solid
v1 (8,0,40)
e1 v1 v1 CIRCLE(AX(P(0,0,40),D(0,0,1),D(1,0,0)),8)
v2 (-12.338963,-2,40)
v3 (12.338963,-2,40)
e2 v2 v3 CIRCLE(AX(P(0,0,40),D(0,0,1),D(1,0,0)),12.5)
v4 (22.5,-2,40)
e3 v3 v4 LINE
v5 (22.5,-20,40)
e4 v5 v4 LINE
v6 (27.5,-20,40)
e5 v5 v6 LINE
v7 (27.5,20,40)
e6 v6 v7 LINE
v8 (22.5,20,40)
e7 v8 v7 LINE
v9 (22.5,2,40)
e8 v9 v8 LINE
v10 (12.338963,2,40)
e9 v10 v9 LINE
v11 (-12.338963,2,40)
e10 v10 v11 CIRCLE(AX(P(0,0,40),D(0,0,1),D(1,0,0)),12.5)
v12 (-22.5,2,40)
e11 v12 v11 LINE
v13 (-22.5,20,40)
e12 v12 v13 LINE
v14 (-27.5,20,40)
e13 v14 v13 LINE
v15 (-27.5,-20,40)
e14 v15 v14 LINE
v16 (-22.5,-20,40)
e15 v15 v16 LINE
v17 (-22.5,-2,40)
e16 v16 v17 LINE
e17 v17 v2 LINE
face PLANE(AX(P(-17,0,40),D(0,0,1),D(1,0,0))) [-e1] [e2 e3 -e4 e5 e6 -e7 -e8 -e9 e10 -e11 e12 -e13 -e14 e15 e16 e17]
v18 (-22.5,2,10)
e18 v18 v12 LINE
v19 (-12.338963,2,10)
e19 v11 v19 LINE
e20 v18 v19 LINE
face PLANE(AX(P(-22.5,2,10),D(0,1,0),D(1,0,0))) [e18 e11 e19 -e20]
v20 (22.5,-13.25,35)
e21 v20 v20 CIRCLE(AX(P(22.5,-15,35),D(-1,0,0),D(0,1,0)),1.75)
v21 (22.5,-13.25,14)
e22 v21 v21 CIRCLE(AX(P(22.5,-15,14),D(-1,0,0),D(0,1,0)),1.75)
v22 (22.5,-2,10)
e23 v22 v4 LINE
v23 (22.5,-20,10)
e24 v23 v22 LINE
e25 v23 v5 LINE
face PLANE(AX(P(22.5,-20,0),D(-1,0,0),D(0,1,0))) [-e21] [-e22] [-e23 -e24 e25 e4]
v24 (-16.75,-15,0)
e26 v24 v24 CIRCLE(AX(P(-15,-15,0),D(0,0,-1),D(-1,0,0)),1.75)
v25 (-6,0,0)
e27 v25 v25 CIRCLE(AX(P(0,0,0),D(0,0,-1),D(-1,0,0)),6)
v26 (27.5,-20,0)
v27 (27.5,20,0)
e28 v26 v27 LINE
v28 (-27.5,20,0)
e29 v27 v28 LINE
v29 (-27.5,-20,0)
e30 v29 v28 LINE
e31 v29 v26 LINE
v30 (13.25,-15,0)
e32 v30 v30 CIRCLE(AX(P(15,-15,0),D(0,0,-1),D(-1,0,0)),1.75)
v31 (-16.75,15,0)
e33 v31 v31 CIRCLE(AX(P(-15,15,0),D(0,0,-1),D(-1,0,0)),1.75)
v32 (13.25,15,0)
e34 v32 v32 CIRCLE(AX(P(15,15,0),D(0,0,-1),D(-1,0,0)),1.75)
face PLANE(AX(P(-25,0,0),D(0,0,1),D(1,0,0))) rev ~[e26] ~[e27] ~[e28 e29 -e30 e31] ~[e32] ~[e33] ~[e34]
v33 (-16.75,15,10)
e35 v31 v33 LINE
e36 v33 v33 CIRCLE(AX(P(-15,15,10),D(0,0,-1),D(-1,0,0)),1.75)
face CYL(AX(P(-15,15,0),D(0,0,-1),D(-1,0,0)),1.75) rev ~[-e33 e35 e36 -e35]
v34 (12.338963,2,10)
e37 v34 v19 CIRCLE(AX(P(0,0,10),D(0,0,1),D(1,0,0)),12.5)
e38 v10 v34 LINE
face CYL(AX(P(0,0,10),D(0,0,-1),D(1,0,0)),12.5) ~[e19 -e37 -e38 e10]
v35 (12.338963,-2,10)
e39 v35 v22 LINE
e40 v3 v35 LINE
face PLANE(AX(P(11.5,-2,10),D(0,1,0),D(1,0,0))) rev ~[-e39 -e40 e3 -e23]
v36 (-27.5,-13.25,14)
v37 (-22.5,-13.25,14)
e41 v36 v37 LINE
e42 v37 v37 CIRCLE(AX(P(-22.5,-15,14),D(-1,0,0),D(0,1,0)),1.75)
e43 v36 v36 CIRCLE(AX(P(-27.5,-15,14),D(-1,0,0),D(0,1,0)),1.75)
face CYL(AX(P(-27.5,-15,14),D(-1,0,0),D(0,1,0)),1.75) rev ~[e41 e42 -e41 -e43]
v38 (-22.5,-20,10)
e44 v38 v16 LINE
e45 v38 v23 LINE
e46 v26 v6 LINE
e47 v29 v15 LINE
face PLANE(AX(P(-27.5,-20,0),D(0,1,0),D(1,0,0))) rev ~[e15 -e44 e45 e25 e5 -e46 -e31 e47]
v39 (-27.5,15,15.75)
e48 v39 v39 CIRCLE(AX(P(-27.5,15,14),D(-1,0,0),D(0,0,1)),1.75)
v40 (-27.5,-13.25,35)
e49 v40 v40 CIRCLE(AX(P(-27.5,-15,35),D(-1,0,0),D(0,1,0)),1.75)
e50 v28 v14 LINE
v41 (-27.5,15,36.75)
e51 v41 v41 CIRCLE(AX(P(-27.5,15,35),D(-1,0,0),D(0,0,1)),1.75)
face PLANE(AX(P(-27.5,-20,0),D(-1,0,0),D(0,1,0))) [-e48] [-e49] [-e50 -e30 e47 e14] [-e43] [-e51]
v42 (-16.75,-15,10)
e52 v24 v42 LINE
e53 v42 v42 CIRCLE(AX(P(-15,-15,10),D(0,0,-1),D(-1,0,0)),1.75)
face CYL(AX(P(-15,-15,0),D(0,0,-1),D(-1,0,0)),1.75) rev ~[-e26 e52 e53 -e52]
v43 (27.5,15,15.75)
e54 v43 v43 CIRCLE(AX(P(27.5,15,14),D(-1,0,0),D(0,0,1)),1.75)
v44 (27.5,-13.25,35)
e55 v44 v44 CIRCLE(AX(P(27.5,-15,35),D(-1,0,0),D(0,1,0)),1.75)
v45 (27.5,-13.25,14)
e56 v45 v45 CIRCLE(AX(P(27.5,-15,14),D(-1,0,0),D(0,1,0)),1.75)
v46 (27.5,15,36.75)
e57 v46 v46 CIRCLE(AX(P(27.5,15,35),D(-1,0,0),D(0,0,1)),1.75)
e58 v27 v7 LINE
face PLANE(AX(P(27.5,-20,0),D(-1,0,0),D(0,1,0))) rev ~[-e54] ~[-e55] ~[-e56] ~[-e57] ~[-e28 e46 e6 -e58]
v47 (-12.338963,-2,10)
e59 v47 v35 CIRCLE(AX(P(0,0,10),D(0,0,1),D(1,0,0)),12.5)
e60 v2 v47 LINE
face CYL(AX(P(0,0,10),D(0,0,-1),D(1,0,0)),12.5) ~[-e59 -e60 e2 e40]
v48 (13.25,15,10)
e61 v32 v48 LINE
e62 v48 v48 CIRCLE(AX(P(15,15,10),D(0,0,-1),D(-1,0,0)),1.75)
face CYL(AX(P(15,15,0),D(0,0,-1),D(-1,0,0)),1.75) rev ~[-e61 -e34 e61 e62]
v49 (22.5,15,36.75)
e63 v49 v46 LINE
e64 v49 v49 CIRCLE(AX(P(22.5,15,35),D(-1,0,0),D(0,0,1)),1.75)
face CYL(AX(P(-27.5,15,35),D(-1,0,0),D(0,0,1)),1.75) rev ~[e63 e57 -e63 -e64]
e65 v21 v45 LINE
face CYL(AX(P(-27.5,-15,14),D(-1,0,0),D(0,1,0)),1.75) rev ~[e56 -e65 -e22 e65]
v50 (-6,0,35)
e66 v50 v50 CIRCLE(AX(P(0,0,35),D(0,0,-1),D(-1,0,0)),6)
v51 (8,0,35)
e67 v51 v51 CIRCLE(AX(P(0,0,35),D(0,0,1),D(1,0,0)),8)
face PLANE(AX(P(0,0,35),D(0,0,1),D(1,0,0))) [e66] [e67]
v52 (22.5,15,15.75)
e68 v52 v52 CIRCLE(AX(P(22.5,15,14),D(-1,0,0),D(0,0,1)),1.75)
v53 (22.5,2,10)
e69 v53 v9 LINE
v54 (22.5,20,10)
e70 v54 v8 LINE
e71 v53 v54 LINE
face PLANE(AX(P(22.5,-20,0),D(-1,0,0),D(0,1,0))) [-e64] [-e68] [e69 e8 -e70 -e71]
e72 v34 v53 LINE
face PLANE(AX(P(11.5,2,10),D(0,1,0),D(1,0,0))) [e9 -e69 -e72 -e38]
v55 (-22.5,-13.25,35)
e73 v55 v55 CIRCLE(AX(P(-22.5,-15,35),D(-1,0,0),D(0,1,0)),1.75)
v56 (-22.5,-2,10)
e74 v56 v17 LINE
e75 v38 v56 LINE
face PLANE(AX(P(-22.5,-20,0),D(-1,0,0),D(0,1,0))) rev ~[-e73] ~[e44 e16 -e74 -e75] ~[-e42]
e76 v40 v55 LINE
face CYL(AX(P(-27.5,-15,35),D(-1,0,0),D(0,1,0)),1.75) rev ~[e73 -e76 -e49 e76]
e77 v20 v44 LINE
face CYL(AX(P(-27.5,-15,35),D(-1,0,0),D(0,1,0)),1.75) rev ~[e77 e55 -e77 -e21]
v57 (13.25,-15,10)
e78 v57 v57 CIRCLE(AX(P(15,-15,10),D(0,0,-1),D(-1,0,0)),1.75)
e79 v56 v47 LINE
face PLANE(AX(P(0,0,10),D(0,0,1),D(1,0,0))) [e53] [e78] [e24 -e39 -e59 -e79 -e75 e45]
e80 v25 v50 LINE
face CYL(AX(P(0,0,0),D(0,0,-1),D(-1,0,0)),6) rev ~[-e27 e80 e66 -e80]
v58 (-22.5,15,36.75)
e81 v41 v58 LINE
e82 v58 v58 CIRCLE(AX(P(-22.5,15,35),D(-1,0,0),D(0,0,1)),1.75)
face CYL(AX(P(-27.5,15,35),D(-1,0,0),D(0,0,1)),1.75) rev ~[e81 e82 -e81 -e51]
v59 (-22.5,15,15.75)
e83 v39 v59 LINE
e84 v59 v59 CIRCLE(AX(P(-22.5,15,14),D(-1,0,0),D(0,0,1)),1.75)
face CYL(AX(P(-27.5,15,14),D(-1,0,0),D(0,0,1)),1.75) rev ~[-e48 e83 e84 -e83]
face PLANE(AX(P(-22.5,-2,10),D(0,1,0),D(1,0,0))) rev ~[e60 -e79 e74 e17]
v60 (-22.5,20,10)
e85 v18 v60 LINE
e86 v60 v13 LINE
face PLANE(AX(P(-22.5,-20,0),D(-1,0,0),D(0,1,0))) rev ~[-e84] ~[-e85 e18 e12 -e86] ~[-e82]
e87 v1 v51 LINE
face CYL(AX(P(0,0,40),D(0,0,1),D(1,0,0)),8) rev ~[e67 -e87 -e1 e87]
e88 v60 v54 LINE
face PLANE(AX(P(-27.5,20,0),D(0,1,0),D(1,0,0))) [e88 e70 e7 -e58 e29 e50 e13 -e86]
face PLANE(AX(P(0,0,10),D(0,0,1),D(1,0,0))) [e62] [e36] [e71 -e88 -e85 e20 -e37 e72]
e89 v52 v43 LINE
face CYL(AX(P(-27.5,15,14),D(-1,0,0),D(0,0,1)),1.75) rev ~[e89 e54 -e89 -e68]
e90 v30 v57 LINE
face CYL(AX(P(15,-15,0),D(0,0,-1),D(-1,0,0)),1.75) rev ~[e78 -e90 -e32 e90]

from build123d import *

# Parameters (mm, degrees)
SKETCH1_W           = 45
SKETCH1_H           = 40
BOSS_EXTRUDE1_DEPTH = 10
SKETCH2_W           = 5
SKETCH2_H           = 40
BOSS_EXTRUDE2_DEPTH = 40
SKETCH3_R           = 12.5
BOSS_EXTRUDE3_DEPTH = 30
SKETCH4_R           = 6
CUT_EXTRUDE1_DEPTH  = 53.5
SKETCH5_R           = 8
CUT_EXTRUDE2_DEPTH  = 5
SKETCH6_R           = 1.75
CUT_EXTRUDE3_DEPTH  = 53.5
SKETCH7_W           = 11
SKETCH7_H           = 4
BOSS_EXTRUDE4_DEPTH = 30
SKETCH8_R           = 1.75
CUT_EXTRUDE4_DEPTH  = 71.887234394


with BuildPart() as part:
    # Sketch1 → Boss-Extrude1 (new body)
    with BuildSketch(Plane.XY):
        Rectangle(SKETCH1_W, SKETCH1_H)
    extrude(amount=BOSS_EXTRUDE1_DEPTH)

    # Sketch2 → Boss-Extrude2 (add)
    with BuildSketch(Plane.XY):
        with Locations((-25, 0)):
            Rectangle(SKETCH2_W, SKETCH2_H)
        with Locations((25, 0)):
            Rectangle(SKETCH2_W, SKETCH2_H)
    extrude(amount=BOSS_EXTRUDE2_DEPTH)

    # Sketch3 → Boss-Extrude3 (add)
    with BuildSketch(Plane.XY.offset(10)):
        Circle(SKETCH3_R)
    extrude(amount=BOSS_EXTRUDE3_DEPTH)

    # Sketch4 → Cut-Extrude1 (cut, through all)
    with BuildSketch(Plane(origin=(0, 0, 0), x_dir=(-1, 0, 0), z_dir=(0, 0, -1))):
        Circle(SKETCH4_R)
    extrude(amount=-CUT_EXTRUDE1_DEPTH, mode=Mode.SUBTRACT)

    # Sketch5 → Cut-Extrude2 (cut)
    with BuildSketch(Plane.XY.offset(40)):
        Circle(SKETCH5_R)
    extrude(amount=-CUT_EXTRUDE2_DEPTH, mode=Mode.SUBTRACT)

    # Sketch6 → Cut-Extrude3 (cut, through all)
    with BuildSketch(Plane(origin=(0, 0, 0), x_dir=(-1, 0, 0), z_dir=(0, 0, -1))):
        with Locations((-15, 15)):
            Circle(SKETCH6_R)
        with Locations((15, 15)):
            Circle(SKETCH6_R)
        with Locations((15, -15)):
            Circle(SKETCH6_R)
        with Locations((-15, -15)):
            Circle(SKETCH6_R)
    extrude(amount=-CUT_EXTRUDE3_DEPTH, mode=Mode.SUBTRACT)

    # Sketch7 → Boss-Extrude4 (add)
    with BuildSketch(Plane.XY.offset(10)):
        with Locations((-17, 0)):
            Rectangle(SKETCH7_W, SKETCH7_H)
        with Locations((17, 0)):
            Rectangle(SKETCH7_W, SKETCH7_H)
    extrude(amount=BOSS_EXTRUDE4_DEPTH)

    # Sketch8 → Cut-Extrude4 (cut, through all)
    with BuildSketch(Plane.ZY.offset(27.5)):
        with Locations((35, 15)):
            Circle(SKETCH8_R)
        with Locations(Location((35, -15, 0), (0, 0, 90))):
            Circle(SKETCH8_R)
        with Locations((14, 15)):
            Circle(SKETCH8_R)
        with Locations(Location((14, -15, 0), (0, 0, 90))):
            Circle(SKETCH8_R)
    extrude(amount=-CUT_EXTRUDE4_DEPTH, mode=Mode.SUBTRACT)


solid = part.part
